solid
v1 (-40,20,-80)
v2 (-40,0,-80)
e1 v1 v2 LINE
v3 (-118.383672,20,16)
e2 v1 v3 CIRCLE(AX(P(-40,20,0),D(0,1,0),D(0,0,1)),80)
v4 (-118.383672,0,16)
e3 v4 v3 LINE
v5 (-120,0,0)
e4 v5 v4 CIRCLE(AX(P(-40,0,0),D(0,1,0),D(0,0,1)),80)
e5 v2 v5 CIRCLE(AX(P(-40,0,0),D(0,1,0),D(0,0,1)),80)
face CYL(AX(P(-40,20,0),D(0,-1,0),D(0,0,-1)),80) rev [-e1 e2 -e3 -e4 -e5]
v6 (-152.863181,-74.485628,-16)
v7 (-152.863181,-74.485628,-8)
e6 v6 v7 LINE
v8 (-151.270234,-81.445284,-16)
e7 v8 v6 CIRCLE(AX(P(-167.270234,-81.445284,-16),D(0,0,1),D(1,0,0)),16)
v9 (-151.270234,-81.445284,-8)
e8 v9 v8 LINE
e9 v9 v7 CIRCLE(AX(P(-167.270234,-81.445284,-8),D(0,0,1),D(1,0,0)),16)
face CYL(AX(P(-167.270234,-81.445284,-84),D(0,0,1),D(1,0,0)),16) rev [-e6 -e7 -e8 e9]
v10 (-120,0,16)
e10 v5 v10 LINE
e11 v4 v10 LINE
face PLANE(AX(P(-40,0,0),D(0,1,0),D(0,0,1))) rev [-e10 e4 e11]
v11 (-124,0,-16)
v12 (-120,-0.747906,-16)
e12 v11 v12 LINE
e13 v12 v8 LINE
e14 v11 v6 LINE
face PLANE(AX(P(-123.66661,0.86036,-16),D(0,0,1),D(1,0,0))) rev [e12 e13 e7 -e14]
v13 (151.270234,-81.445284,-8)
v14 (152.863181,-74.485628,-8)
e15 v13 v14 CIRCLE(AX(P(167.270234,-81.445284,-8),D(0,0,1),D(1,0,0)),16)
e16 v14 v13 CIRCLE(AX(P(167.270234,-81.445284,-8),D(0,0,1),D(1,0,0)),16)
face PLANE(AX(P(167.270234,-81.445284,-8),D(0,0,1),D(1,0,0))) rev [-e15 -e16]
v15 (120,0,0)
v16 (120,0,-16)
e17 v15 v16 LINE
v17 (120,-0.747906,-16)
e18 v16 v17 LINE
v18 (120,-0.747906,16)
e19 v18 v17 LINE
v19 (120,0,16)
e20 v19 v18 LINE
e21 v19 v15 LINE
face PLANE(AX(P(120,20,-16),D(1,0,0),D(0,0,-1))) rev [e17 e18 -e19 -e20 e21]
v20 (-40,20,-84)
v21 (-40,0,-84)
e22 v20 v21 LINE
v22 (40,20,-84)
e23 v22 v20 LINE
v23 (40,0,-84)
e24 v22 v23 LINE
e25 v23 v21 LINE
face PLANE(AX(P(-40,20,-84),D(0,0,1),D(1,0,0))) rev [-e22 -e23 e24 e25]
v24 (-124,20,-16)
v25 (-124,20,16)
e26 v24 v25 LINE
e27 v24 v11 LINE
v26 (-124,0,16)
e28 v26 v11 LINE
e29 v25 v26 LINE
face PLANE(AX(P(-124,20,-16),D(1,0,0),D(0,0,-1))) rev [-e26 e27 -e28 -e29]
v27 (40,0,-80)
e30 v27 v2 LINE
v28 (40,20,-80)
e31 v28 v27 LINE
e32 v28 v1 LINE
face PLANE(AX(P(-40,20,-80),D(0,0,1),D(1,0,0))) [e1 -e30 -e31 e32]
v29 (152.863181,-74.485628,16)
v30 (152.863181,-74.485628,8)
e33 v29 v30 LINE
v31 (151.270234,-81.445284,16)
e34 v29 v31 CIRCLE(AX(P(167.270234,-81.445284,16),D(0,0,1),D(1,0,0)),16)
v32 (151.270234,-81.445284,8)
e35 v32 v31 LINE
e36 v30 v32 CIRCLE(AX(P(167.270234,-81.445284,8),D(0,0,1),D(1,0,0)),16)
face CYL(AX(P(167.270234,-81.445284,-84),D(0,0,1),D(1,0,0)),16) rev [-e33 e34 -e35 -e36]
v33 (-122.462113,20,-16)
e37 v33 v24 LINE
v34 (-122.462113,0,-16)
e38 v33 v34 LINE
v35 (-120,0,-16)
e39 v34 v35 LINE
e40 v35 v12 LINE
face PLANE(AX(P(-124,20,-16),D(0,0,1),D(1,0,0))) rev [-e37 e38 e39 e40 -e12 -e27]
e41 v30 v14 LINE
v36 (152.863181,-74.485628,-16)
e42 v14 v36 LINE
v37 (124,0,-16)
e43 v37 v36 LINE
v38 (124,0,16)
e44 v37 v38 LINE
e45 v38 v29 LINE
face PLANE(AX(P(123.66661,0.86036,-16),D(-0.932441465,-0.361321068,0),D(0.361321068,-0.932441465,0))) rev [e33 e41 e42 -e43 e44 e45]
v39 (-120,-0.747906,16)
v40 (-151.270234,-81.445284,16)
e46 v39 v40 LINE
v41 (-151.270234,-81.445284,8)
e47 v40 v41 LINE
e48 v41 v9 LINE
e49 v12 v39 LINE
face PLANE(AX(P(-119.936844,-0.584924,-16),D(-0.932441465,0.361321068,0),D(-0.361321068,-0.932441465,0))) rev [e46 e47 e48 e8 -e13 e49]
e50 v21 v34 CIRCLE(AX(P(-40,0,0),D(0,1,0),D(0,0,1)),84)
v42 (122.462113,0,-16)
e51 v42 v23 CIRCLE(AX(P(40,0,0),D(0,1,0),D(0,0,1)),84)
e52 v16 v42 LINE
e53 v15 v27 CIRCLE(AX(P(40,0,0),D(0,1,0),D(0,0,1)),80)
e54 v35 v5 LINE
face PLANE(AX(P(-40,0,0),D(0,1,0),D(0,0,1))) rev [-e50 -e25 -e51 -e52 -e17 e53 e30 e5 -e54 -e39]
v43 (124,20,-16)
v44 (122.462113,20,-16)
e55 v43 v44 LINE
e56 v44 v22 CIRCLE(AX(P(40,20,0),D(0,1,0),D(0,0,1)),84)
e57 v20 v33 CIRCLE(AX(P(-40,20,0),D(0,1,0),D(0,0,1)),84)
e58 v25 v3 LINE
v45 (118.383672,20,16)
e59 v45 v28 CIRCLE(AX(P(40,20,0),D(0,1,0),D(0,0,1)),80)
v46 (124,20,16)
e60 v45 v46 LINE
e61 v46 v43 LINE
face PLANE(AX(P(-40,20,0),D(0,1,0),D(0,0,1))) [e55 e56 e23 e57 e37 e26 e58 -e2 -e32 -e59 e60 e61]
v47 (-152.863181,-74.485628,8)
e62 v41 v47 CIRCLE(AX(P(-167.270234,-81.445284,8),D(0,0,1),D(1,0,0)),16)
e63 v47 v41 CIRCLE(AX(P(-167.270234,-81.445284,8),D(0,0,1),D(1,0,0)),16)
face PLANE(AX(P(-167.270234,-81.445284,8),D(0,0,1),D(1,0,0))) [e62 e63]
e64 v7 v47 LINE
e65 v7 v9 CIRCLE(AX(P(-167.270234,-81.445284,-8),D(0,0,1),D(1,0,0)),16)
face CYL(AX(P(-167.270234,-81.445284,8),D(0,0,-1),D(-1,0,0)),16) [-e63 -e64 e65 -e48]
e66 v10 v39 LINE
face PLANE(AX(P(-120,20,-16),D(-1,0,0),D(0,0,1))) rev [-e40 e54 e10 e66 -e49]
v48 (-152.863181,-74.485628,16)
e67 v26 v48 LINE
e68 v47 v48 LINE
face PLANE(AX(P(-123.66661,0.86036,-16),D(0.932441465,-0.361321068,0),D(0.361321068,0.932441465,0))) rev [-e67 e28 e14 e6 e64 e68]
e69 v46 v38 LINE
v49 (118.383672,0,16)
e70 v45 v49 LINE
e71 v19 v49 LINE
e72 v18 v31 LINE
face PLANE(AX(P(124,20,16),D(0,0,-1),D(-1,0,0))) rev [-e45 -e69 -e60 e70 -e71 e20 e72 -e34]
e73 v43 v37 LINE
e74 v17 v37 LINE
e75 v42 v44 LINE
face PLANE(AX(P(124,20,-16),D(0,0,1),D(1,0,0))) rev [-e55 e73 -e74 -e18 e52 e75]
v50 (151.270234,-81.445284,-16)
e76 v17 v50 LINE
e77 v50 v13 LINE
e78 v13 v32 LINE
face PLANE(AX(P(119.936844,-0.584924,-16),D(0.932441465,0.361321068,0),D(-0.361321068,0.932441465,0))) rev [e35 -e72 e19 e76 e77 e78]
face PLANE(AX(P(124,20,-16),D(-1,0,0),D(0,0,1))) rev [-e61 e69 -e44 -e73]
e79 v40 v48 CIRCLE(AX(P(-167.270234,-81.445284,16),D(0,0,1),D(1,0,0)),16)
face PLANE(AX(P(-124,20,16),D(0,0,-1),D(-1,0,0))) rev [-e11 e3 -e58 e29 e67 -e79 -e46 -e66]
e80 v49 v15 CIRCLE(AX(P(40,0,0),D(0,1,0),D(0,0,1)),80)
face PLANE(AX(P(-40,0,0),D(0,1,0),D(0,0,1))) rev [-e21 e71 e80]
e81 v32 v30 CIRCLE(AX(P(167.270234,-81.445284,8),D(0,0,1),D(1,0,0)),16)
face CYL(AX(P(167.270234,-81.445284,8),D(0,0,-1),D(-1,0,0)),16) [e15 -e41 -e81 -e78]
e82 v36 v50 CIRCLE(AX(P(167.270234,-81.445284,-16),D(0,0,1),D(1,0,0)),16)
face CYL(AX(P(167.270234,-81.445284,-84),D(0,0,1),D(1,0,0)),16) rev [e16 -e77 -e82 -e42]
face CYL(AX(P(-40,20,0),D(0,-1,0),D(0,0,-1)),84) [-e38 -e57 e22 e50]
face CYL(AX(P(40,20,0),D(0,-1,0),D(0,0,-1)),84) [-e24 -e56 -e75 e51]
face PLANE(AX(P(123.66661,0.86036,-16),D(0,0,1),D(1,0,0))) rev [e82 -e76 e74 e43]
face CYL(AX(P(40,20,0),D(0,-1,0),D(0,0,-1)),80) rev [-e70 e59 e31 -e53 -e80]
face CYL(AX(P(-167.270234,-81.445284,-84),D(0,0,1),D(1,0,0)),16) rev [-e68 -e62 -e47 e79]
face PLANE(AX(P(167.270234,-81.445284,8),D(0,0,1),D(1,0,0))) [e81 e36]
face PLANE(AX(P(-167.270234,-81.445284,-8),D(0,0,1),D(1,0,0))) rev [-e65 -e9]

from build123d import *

# Parameters (mm, degrees)
EXTRUDE_1_DEPTH     = 20
SKETCH_8_W          = 4
SKETCH_8_H          = 32
SKETCH_11_W         = 4
SKETCH_11_H         = 32
SKETCH_13_R         = 16
CUT_EXTRUDE_4_DEPTH = 202.639119047
SKETCH_16_R         = 16
EXTRUDE_4_DEPTH     = 8
SKETCH_17_W         = 276.65605666
SKETCH_17_H         = 73.661463051
CUT_EXTRUDE_5_DEPTH = 234.318180858


with BuildPart() as part:
    # 草图2 → 凸台-拉伸1 (new body)
    with BuildSketch(Plane(origin=(0, 0, 0), x_dir=(1, 0, 0), z_dir=(0, 1, 0))):
        with BuildLine():
            Line((-40, 84), (40, 84))
            ThreePointArc((40, 84), (124, 0), (40, -84))
            Line((40, -84), (-40, -84))
            ThreePointArc((-40, -84), (-124, 0), (-40, 84))
        make_face()
        with BuildLine():
            Line((-40, 80), (40, 80))
            ThreePointArc((40, 80), (120, 0), (40, -80))
            Line((40, -80), (-40, -80))
            ThreePointArc((-40, -80), (-120, 0), (-40, 80))
        make_face(mode=Mode.SUBTRACT)
    extrude(amount=EXTRUDE_1_DEPTH)

    # 扫描1: sweep along a path in 草图9
    with BuildLine(Plane.XY) as sweep_1_path:
        Line((-124, 20), (-124, 0))
        Line((-124, 0), (-155, -80))
    # 草图8 → 扫描1 (sweep)
    with BuildSketch(Plane(origin=(0, 20, 0), x_dir=(1, 0, 0), z_dir=(0, 1, 0))):
        with Locations((-122, 0)):
            Rectangle(SKETCH_8_W, SKETCH_8_H)
    sweep(path=sweep_1_path.line, transition=Transition.RIGHT)

    # 扫描2: sweep along a path in 草图12
    with BuildLine(Plane.XY) as sweep_2_path:
        Line((124, 20), (124, 0))
        Line((124, 0), (155, -80))
    # 草图11 → 扫描2 (sweep)
    with BuildSketch(Plane(origin=(0, 20, 0), x_dir=(1, 0, 0), z_dir=(0, 1, 0))):
        with Locations((122, 0)):
            Rectangle(SKETCH_11_W, SKETCH_11_H)
    sweep(path=sweep_2_path.line, transition=Transition.RIGHT)

    # 草图13 → 切除-拉伸4 (cut, through all)
    with BuildSketch(Plane.XY.offset(16)):
        with Locations((-167.270234139, -81.445284271)):
            Circle(SKETCH_13_R)
        with Locations((167.270234139, -81.445284271)):
            Circle(SKETCH_13_R)
    extrude(amount=-CUT_EXTRUDE_4_DEPTH, mode=Mode.SUBTRACT)

    # 草图16 → 凸台-拉伸4 (add, symmetric)
    with BuildSketch(Plane.XY):
        with Locations((167.270234139, -81.445284271)):
            Circle(SKETCH_16_R)
        with Locations((-167.270234139, -81.445284271)):
            Circle(SKETCH_16_R)
    extrude(amount=EXTRUDE_4_DEPTH, both=True)

    # 草图17 → 切除-拉伸5 (cut, through all)
    with BuildSketch(Plane(origin=(0, 20, 0), x_dir=(1, 0, 0), z_dir=(0, 1, 0))):
        with Locations((14.32802833, -52.830731526)):
            Rectangle(SKETCH_17_W, SKETCH_17_H)
    extrude(amount=-CUT_EXTRUDE_5_DEPTH, mode=Mode.SUBTRACT)


solid = part.part
